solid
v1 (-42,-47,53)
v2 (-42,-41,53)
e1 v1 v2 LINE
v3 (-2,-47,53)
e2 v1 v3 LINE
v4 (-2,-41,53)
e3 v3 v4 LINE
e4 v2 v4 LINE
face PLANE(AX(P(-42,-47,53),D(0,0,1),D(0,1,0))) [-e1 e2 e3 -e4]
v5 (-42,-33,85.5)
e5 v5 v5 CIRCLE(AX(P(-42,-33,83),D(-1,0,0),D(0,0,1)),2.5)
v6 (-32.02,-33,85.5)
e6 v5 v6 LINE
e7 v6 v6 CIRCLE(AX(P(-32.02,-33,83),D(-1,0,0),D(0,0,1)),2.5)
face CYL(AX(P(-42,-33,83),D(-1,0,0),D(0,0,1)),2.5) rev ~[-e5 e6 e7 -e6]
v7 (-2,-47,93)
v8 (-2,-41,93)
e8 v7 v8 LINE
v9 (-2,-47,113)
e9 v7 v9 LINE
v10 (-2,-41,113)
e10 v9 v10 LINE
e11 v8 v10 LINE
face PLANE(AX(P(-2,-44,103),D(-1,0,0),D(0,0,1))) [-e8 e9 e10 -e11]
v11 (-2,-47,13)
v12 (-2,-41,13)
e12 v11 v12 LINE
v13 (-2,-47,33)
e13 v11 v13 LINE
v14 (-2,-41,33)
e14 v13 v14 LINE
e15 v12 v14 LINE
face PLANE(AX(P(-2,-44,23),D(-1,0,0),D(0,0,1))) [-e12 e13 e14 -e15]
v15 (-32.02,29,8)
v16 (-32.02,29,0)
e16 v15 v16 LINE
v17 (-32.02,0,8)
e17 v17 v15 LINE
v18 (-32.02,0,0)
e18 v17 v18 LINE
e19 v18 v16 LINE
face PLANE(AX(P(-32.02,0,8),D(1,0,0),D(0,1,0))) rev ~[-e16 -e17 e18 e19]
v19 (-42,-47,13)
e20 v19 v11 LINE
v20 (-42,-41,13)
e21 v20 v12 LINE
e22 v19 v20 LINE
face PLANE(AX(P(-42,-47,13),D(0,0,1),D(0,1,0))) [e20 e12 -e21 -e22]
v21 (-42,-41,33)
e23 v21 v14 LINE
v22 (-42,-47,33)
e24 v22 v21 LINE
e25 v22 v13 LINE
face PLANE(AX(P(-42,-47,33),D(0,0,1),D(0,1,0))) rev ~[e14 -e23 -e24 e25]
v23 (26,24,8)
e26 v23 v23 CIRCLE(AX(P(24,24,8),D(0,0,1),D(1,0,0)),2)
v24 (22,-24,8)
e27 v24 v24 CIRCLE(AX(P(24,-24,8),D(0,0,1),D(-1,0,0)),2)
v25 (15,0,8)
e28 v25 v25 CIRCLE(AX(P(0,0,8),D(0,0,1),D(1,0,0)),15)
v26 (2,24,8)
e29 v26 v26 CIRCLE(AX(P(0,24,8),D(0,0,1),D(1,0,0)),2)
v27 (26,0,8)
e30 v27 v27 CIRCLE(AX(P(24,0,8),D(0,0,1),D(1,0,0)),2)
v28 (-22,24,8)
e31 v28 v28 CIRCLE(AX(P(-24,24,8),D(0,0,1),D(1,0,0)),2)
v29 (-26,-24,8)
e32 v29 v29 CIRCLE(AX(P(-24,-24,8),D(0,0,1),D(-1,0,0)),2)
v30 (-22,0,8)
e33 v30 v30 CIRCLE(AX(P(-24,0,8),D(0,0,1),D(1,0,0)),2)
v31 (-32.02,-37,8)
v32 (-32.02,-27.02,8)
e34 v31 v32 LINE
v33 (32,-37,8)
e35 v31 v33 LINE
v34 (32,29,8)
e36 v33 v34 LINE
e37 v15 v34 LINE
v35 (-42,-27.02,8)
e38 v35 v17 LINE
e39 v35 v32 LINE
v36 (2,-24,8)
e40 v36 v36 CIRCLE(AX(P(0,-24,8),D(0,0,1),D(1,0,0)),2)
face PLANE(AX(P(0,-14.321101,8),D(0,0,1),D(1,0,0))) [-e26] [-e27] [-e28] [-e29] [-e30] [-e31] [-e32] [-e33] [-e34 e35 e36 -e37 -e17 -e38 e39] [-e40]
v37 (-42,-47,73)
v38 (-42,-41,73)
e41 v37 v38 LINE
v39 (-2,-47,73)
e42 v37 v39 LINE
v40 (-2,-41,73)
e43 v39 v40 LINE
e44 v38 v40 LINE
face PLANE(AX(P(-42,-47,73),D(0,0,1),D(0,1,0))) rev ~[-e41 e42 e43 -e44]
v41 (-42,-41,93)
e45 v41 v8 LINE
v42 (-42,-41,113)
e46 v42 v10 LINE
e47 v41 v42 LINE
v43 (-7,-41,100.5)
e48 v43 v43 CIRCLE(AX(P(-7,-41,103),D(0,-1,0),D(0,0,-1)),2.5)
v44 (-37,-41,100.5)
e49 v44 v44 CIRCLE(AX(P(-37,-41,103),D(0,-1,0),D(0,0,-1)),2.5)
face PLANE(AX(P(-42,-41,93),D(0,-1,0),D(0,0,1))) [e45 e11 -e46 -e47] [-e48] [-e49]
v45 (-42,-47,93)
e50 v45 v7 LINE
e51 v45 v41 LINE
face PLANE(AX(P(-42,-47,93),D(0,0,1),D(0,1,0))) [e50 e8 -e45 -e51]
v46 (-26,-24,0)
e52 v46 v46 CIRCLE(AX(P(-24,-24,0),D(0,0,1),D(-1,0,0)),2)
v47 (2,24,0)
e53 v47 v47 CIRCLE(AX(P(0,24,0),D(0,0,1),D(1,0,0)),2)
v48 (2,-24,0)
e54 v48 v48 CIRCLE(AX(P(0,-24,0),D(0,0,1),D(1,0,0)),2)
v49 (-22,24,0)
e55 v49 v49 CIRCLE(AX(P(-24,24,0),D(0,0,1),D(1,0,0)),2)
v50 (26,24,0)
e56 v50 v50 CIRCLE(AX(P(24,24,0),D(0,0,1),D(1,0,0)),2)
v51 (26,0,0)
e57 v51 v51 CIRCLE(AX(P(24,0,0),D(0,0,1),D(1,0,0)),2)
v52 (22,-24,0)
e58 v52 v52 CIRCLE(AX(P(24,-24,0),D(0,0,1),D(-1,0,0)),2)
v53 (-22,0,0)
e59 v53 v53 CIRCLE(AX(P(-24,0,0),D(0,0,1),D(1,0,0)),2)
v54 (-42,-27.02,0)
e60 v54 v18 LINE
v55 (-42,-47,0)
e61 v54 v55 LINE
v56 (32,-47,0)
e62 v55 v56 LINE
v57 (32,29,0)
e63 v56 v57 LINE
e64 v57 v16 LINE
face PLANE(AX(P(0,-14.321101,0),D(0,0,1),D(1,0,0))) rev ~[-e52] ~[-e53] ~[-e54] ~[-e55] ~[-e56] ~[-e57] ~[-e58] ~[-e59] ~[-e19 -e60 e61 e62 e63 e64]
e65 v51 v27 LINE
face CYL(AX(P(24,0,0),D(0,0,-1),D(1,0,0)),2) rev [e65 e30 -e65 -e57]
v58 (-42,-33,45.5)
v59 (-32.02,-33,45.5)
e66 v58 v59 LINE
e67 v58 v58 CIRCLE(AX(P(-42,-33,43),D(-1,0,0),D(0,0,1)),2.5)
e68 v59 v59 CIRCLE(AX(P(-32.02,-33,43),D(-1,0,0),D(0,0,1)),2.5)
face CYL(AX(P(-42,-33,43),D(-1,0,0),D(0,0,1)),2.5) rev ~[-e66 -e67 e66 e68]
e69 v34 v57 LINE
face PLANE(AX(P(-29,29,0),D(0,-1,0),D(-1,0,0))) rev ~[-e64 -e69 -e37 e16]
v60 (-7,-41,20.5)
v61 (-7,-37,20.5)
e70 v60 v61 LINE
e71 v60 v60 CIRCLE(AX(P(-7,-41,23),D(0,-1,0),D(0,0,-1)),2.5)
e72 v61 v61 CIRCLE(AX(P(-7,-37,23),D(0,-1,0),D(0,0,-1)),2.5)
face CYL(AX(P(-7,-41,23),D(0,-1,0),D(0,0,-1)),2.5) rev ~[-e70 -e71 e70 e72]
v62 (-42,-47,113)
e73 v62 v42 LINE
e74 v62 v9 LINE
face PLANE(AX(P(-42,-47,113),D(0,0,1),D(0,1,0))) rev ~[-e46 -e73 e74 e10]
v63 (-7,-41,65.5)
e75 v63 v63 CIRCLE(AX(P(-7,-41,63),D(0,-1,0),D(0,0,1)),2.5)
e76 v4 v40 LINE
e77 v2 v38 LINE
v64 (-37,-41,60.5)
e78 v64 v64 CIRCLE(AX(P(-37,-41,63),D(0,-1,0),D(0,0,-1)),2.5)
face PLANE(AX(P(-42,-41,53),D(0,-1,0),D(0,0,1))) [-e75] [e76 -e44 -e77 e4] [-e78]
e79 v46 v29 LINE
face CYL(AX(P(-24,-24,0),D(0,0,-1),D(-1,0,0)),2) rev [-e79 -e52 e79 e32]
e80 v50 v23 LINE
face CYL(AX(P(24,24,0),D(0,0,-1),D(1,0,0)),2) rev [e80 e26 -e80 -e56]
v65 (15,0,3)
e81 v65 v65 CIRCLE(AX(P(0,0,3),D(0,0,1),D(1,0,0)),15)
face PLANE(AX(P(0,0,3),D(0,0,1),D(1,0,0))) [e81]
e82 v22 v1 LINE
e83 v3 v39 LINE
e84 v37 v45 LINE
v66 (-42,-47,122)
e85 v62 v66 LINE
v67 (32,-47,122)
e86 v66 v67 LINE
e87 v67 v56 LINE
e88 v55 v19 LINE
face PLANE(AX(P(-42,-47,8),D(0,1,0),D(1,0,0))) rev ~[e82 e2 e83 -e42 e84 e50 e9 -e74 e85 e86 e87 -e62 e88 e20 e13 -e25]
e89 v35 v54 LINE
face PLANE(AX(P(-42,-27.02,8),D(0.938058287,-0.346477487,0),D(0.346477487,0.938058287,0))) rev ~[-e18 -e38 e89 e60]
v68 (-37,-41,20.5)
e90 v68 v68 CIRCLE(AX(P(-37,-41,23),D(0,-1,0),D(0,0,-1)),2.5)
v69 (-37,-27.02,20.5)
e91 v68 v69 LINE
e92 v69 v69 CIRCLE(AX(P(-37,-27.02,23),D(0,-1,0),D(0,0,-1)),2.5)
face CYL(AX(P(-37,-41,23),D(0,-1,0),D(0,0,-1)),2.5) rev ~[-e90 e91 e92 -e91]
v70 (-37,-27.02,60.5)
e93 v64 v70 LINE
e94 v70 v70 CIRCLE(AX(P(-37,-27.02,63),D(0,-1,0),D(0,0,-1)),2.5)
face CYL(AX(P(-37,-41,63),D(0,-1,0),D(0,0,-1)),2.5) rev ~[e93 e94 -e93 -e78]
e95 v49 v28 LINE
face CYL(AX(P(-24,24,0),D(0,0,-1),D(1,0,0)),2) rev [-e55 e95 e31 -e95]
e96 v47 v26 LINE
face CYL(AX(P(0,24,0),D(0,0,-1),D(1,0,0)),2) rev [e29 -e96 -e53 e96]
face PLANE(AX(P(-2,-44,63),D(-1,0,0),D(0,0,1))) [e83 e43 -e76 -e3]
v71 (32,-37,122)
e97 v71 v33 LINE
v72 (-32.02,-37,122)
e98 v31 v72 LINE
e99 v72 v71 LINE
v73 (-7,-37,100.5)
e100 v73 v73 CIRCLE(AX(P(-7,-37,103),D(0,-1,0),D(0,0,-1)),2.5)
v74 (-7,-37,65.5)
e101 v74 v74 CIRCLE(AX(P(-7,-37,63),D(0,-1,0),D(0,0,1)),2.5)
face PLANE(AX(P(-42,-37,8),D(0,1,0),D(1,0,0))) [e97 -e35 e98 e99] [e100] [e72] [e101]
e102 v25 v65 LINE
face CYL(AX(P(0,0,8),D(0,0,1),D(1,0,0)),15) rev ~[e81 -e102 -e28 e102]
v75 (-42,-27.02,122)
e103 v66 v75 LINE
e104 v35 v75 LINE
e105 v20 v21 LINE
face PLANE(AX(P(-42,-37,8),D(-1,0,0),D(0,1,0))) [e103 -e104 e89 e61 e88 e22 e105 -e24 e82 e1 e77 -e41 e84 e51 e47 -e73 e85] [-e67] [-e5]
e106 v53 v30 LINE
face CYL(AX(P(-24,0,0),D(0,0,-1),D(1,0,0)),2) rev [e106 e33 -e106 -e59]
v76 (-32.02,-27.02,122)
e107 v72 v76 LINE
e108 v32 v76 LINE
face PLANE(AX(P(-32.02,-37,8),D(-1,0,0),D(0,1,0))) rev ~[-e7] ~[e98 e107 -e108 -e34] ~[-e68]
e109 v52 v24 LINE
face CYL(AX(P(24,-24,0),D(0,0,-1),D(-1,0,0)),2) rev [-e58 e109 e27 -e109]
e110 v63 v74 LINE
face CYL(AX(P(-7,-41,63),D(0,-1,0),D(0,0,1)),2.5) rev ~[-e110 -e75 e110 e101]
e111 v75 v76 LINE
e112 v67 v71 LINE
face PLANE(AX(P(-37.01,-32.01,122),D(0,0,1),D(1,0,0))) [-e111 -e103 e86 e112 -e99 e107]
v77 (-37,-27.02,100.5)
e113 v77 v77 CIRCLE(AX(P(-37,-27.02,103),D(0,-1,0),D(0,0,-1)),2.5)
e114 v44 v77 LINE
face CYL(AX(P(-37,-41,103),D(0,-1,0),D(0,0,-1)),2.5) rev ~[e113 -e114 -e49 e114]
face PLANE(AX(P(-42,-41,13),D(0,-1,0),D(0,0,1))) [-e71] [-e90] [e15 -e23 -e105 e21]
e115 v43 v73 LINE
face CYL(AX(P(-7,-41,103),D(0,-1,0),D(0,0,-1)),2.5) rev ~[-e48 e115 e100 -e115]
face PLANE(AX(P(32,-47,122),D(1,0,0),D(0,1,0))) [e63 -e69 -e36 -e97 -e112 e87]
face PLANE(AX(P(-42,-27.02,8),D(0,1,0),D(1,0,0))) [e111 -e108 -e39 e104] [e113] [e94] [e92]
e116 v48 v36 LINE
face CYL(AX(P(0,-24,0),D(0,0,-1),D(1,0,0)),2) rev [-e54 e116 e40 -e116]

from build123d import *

# Parameters (mm, degrees)
SKETCH1_W           = 58
SKETCH1_H           = 58
SKETCH1_R           = 2
BOSS_EXTRUDE1_DEPTH = 8
SKETCH13_R          = 15
CUT_EXTRUDE5_DEPTH  = 5
BOSS_EXTRUDE7_DEPTH = 8
SKETCH21_W          = 84
SKETCH21_H          = 10
BOSS_EXTRUDE8_DEPTH = 114
SKETCH22_W          = 9.98
SKETCH22_H          = 9.98
BOSS_EXTRUDE9_DEPTH = 114
SKETCH29_W          = 20
SKETCH29_H          = 6
CUT_EXTRUDE6_DEPTH  = 40
SKETCH30_W          = 10
SKETCH30_H          = 76
CUT_EXTRUDE7_DEPTH  = 138.320792308
SKETCH31_R          = 2.5
CUT_EXTRUDE8_DEPTH  = 4
SKETCH34_R          = 2.5
CUT_EXTRUDE9_DEPTH  = 10
SKETCH36_R          = 2.5
CUT_EXTRUDE10_DEPTH = 20
CUT_EXTRUDE12_DEPTH = 15


with BuildPart() as part:
    # Sketch1 → Boss-Extrude1 (new body)
    with BuildSketch(Plane.XY):
        Rectangle(SKETCH1_W, SKETCH1_H)
        with Locations((0, 24)):
            Circle(SKETCH1_R, mode=Mode.SUBTRACT)
        with Locations((-24, 24)):
            Circle(SKETCH1_R, mode=Mode.SUBTRACT)
        with Locations((24, 0)):
            Circle(SKETCH1_R, mode=Mode.SUBTRACT)
        with Locations((0, -24)):
            Circle(SKETCH1_R, mode=Mode.SUBTRACT)
        with Locations((-24, 0)):
            Circle(SKETCH1_R, mode=Mode.SUBTRACT)
        with Locations(Location((24, -24, 0), (0, 0, 180))):
            Circle(SKETCH1_R, mode=Mode.SUBTRACT)
        with Locations((24, 24)):
            Circle(SKETCH1_R, mode=Mode.SUBTRACT)
        with Locations(Location((-24, -24, 0), (0, 0, 180))):
            Circle(SKETCH1_R, mode=Mode.SUBTRACT)
    extrude(amount=BOSS_EXTRUDE1_DEPTH)

    # Sketch13 → Cut-Extrude5 (cut)
    with BuildSketch(Plane.XY.offset(8)):
        Circle(SKETCH13_R)
    extrude(amount=-CUT_EXTRUDE5_DEPTH, mode=Mode.SUBTRACT)

    # Sketch15 → Boss-Extrude7 (add)
    with BuildSketch(Plane.XY):
        Polygon((29, -29), (-29, -29), (-29, 29), (-42, 29), (-42, -29), (-42, -47), (42, -47), (42, -29), (42, 29), (29, 29), align=None)
    extrude(amount=BOSS_EXTRUDE7_DEPTH)

    # Sketch21 → Boss-Extrude8 (add)
    with BuildSketch(Plane.XY.offset(8)):
        with Locations((0, -42)):
            Rectangle(SKETCH21_W, SKETCH21_H)
    extrude(amount=BOSS_EXTRUDE8_DEPTH)

    # Sketch22 → Boss-Extrude9 (add)
    with BuildSketch(Plane.XY.offset(8)):
        with Locations((-37.01, -32.01)):
            Rectangle(SKETCH22_W, SKETCH22_H)
    extrude(amount=BOSS_EXTRUDE9_DEPTH)

    # Sketch29 → Cut-Extrude6 (cut)
    with BuildSketch(Plane.ZY.offset(42)):
        with Locations((103, -44)):
            Rectangle(SKETCH29_W, SKETCH29_H)
        with Locations((63, -44)):
            Rectangle(SKETCH29_W, SKETCH29_H)
        with Locations((23, -44)):
            Rectangle(SKETCH29_W, SKETCH29_H)
    extrude(amount=-CUT_EXTRUDE6_DEPTH, mode=Mode.SUBTRACT)

    # Sketch30 → Cut-Extrude7 (cut, through all)
    with BuildSketch(Plane.XY.offset(122)):
        with Locations((37, -9)):
            Rectangle(SKETCH30_W, SKETCH30_H)
    extrude(amount=-CUT_EXTRUDE7_DEPTH, mode=Mode.SUBTRACT)

    # Sketch31 → Cut-Extrude8 (cut)
    with BuildSketch(Plane.XZ.offset(41)):
        with Locations(Location((-7, 103, 0), (0, 0, 270))):
            Circle(SKETCH31_R)
        with Locations(Location((-7, 63, 0), (0, 0, 90))):
            Circle(SKETCH31_R)
        with Locations(Location((-7, 23, 0), (0, 0, 270))):
            Circle(SKETCH31_R)
    extrude(amount=-CUT_EXTRUDE8_DEPTH, mode=Mode.SUBTRACT)

    # Sketch34 → Cut-Extrude9 (cut)
    with BuildSketch(Plane.ZY.offset(42)):
        with Locations((43, -33)):
            Circle(SKETCH34_R)
        with Locations((83, -33)):
            Circle(SKETCH34_R)
    extrude(amount=-CUT_EXTRUDE9_DEPTH, mode=Mode.SUBTRACT)

    # Sketch36 → Cut-Extrude10 (cut)
    with BuildSketch(Plane.XZ.offset(41)):
        with Locations(Location((-37, 103, 0), (0, 0, 270))):
            Circle(SKETCH36_R)
        with Locations(Location((-37, 23, 0), (0, 0, 270))):
            Circle(SKETCH36_R)
        with Locations(Location((-37, 63, 0), (0, 0, 270))):
            Circle(SKETCH36_R)
    extrude(amount=-CUT_EXTRUDE10_DEPTH, mode=Mode.SUBTRACT)

    # Sketch37 → Cut-Extrude12 (cut)
    with BuildSketch(Plane.XY.offset(8)):
        Polygon((-42, -27.02), (-32.02, 0), (-32.02, 29), (-42, 29), align=None)
    extrude(amount=-CUT_EXTRUDE12_DEPTH, mode=Mode.SUBTRACT)


solid = part.part
